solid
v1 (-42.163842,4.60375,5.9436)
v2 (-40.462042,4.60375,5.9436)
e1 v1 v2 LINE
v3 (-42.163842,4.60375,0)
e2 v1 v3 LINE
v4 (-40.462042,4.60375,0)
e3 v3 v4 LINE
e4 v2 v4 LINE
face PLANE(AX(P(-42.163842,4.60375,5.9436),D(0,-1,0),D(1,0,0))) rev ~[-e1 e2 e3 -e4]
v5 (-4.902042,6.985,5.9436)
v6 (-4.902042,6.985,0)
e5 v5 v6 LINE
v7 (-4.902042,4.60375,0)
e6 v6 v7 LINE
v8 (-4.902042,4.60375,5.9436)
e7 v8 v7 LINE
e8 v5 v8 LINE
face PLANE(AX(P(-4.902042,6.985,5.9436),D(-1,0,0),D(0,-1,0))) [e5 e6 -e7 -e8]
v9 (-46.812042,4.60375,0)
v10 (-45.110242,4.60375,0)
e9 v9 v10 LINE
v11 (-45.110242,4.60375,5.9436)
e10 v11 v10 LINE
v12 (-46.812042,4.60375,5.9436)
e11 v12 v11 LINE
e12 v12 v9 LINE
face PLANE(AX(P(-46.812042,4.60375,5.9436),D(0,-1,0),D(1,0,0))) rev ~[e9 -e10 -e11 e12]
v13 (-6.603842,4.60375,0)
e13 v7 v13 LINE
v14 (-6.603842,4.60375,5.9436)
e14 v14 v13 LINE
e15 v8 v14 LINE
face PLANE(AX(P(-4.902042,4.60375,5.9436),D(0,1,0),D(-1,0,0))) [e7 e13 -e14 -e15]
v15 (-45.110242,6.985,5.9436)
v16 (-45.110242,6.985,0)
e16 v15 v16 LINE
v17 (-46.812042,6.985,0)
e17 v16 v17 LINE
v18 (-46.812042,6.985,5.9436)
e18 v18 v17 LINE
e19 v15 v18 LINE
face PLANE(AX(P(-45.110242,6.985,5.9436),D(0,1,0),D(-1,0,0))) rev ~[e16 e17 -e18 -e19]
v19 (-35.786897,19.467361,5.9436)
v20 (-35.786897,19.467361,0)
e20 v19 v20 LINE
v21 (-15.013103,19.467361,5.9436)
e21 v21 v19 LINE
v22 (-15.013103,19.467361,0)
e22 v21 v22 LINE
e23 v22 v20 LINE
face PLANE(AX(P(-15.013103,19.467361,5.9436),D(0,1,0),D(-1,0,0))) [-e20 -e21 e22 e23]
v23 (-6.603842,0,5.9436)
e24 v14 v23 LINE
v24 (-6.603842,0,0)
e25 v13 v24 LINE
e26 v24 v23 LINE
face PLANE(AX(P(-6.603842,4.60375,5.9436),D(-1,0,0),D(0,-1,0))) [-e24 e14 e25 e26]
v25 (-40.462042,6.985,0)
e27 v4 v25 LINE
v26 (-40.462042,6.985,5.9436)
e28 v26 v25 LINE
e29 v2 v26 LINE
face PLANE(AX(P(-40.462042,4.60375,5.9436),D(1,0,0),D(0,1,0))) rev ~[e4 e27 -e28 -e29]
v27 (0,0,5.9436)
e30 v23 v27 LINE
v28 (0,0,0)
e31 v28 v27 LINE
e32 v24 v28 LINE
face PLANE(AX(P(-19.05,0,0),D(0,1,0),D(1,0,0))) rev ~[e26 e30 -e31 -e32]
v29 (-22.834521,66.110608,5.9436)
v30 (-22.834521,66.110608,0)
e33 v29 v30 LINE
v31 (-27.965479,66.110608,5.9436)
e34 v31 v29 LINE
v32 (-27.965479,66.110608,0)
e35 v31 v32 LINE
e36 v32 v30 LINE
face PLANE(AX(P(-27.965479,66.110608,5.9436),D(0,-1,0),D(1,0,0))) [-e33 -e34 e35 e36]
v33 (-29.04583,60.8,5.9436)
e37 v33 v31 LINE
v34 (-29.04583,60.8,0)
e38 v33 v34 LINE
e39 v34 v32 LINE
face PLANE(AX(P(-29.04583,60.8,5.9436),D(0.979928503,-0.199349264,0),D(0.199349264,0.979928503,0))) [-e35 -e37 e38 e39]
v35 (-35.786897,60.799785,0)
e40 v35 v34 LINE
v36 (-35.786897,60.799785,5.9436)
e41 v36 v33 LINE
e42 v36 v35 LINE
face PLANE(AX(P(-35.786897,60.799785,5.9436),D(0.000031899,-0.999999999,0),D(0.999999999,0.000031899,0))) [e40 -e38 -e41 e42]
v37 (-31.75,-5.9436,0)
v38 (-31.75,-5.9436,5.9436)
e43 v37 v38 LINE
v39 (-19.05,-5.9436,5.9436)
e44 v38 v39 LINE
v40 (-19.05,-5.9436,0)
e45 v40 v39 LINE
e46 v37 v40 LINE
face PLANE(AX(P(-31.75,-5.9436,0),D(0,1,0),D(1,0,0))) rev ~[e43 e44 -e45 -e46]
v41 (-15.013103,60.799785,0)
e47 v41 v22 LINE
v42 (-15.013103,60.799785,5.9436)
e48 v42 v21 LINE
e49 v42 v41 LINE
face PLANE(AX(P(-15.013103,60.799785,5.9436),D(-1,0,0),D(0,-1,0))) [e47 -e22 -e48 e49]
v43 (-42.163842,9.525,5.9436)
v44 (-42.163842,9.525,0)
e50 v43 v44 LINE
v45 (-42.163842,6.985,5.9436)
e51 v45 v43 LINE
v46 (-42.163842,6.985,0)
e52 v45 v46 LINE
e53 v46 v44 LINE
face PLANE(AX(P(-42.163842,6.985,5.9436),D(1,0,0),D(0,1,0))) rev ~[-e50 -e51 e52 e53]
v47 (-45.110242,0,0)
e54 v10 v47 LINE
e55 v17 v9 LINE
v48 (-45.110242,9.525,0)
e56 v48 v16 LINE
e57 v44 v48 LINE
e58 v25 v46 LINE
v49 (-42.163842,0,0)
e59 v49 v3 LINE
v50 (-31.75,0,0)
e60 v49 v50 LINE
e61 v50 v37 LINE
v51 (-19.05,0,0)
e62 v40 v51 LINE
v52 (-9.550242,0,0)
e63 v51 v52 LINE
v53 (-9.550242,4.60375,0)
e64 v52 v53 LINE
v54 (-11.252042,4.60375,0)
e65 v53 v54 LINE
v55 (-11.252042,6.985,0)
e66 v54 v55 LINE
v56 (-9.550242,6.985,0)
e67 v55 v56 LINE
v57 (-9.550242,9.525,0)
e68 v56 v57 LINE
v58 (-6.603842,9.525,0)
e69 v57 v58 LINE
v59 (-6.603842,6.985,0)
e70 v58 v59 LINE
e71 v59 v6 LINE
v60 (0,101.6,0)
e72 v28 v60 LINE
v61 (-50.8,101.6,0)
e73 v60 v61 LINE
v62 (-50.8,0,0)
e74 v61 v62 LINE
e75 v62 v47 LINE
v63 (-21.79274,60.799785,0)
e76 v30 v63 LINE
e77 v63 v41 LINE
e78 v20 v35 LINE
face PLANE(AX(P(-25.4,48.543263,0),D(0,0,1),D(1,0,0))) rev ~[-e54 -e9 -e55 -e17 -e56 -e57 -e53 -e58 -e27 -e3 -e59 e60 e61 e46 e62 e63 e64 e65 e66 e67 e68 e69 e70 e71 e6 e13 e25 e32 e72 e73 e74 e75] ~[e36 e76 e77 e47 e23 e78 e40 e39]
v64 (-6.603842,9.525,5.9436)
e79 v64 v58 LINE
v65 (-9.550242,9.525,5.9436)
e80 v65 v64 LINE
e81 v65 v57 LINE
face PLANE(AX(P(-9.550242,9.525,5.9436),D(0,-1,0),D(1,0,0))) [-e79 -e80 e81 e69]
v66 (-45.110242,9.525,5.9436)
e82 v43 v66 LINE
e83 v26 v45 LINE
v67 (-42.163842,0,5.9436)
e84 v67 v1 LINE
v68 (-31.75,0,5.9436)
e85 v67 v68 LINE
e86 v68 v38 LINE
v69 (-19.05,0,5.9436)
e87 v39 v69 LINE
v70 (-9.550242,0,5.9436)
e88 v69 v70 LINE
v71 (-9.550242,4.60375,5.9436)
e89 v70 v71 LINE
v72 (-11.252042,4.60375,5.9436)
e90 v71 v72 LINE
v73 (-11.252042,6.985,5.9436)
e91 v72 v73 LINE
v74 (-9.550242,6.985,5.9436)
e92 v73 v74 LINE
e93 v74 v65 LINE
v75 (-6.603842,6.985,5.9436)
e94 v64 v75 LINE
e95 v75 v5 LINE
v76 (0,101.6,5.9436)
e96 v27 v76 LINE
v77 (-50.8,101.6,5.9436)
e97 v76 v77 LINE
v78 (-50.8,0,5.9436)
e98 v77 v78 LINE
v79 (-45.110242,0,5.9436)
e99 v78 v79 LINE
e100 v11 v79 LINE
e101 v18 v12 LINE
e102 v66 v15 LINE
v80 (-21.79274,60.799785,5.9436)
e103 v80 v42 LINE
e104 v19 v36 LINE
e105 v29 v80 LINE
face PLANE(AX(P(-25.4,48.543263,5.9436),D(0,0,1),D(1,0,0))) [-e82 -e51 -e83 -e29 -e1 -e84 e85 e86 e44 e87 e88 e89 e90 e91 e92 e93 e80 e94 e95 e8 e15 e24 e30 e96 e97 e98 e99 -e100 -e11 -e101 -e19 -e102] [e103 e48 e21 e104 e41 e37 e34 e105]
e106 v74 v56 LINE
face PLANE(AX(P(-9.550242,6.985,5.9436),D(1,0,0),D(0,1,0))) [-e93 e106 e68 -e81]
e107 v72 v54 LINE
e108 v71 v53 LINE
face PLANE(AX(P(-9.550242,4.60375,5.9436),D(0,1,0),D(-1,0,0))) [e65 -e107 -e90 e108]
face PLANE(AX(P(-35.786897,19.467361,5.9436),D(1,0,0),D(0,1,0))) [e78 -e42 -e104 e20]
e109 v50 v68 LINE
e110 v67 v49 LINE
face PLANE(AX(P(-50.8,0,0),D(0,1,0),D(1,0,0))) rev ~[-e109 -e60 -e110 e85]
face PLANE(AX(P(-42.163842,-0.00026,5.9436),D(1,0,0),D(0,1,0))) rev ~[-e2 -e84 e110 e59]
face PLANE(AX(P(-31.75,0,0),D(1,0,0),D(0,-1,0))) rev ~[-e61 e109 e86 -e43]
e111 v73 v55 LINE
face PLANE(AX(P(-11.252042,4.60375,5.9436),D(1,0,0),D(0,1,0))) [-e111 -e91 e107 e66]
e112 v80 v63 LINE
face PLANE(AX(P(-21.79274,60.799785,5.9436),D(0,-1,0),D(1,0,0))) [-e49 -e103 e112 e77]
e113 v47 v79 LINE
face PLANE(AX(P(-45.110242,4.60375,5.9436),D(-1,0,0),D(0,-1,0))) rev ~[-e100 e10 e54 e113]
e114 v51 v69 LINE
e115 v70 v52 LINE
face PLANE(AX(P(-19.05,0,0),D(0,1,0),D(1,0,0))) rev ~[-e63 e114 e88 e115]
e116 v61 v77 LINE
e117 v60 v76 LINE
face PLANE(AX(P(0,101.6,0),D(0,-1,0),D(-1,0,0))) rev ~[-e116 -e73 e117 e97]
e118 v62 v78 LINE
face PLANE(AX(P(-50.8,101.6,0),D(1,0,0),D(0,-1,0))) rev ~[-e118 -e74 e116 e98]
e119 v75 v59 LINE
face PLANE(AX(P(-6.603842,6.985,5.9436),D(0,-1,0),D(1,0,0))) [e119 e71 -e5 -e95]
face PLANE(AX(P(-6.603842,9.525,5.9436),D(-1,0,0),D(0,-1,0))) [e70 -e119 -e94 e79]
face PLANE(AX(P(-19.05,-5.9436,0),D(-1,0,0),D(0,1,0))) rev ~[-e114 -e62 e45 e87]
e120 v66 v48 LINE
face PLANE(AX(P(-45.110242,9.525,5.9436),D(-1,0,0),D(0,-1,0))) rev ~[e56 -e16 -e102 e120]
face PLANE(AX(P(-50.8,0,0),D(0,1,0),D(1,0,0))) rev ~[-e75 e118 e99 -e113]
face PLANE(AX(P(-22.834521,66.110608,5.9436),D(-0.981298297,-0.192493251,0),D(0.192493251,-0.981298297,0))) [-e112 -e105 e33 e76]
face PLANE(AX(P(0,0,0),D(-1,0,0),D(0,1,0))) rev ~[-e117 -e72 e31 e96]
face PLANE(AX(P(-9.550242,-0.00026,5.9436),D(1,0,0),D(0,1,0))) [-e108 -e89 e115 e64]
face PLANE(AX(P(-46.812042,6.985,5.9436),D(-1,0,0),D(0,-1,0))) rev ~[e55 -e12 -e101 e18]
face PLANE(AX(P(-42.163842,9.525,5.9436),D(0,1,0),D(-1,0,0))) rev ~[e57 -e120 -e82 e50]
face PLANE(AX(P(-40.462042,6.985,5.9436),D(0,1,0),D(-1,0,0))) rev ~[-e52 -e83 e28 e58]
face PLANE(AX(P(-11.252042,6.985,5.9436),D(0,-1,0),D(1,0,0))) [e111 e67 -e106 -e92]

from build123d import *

# Parameters (mm, degrees)
BOSS_EXTRUDE1_DEPTH = 5.9436
CUT_EXTRUDE1_DEPTH  = 6.9436
CUT_EXTRUDE2_DEPTH  = 6.9436


with BuildPart() as part:
    # Sketch2 → Boss-Extrude1 (new body)
    with BuildSketch(Plane.XY):
        Polygon((0, 0), (0, 101.6), (-50.8, 101.6), (-50.8, 0), (-31.75, 0), (-31.75, -5.9436), (-19.05, -5.9436), (-19.05, 0), align=None)
    extrude(amount=BOSS_EXTRUDE1_DEPTH)

    # Sketch3 → Cut-Extrude1 (cut, through all)
    with BuildSketch(Plane.XY.offset(5.9436)):
        Polygon((-27.965479444, 66.110608141), (-22.834520556, 66.110608141), (-21.792739864, 60.799784967), (-15.013102806, 60.799784967), (-15.013102806, 19.467361344), (-35.786897194, 19.467361344), (-35.786897194, 60.799784967), (-29.045829513, 60.8), align=None)
    extrude(amount=-CUT_EXTRUDE1_DEPTH, mode=Mode.SUBTRACT)

    # Sketch4 → Cut-Extrude2 (cut, through all)
    with BuildSketch(Plane.XY.offset(5.9436)):
        Polygon((-9.550241905, -0.00026), (-9.550241905, 4.60375), (-11.252041905, 4.60375), (-11.252041905, 6.985), (-9.550241905, 6.985), (-9.550241905, 9.525), (-6.603841905, 9.525), (-6.603841905, 6.985), (-4.902041905, 6.985), (-4.902041905, 4.60375), (-6.603841905, 4.60375), (-6.603841905, -0.00026), align=None)
        Polygon((-46.812041905, 4.60375), (-45.110241905, 4.60375), (-45.110241905, -0.00026), (-42.163841905, -0.00026), (-42.163841905, 4.60375), (-40.462041905, 4.60375), (-40.462041905, 6.985), (-42.163841905, 6.985), (-42.163841905, 9.525), (-45.110241905, 9.525), (-45.110241905, 6.985), (-46.812041905, 6.985), align=None)
    extrude(amount=-CUT_EXTRUDE2_DEPTH, mode=Mode.SUBTRACT)


solid = part.part
